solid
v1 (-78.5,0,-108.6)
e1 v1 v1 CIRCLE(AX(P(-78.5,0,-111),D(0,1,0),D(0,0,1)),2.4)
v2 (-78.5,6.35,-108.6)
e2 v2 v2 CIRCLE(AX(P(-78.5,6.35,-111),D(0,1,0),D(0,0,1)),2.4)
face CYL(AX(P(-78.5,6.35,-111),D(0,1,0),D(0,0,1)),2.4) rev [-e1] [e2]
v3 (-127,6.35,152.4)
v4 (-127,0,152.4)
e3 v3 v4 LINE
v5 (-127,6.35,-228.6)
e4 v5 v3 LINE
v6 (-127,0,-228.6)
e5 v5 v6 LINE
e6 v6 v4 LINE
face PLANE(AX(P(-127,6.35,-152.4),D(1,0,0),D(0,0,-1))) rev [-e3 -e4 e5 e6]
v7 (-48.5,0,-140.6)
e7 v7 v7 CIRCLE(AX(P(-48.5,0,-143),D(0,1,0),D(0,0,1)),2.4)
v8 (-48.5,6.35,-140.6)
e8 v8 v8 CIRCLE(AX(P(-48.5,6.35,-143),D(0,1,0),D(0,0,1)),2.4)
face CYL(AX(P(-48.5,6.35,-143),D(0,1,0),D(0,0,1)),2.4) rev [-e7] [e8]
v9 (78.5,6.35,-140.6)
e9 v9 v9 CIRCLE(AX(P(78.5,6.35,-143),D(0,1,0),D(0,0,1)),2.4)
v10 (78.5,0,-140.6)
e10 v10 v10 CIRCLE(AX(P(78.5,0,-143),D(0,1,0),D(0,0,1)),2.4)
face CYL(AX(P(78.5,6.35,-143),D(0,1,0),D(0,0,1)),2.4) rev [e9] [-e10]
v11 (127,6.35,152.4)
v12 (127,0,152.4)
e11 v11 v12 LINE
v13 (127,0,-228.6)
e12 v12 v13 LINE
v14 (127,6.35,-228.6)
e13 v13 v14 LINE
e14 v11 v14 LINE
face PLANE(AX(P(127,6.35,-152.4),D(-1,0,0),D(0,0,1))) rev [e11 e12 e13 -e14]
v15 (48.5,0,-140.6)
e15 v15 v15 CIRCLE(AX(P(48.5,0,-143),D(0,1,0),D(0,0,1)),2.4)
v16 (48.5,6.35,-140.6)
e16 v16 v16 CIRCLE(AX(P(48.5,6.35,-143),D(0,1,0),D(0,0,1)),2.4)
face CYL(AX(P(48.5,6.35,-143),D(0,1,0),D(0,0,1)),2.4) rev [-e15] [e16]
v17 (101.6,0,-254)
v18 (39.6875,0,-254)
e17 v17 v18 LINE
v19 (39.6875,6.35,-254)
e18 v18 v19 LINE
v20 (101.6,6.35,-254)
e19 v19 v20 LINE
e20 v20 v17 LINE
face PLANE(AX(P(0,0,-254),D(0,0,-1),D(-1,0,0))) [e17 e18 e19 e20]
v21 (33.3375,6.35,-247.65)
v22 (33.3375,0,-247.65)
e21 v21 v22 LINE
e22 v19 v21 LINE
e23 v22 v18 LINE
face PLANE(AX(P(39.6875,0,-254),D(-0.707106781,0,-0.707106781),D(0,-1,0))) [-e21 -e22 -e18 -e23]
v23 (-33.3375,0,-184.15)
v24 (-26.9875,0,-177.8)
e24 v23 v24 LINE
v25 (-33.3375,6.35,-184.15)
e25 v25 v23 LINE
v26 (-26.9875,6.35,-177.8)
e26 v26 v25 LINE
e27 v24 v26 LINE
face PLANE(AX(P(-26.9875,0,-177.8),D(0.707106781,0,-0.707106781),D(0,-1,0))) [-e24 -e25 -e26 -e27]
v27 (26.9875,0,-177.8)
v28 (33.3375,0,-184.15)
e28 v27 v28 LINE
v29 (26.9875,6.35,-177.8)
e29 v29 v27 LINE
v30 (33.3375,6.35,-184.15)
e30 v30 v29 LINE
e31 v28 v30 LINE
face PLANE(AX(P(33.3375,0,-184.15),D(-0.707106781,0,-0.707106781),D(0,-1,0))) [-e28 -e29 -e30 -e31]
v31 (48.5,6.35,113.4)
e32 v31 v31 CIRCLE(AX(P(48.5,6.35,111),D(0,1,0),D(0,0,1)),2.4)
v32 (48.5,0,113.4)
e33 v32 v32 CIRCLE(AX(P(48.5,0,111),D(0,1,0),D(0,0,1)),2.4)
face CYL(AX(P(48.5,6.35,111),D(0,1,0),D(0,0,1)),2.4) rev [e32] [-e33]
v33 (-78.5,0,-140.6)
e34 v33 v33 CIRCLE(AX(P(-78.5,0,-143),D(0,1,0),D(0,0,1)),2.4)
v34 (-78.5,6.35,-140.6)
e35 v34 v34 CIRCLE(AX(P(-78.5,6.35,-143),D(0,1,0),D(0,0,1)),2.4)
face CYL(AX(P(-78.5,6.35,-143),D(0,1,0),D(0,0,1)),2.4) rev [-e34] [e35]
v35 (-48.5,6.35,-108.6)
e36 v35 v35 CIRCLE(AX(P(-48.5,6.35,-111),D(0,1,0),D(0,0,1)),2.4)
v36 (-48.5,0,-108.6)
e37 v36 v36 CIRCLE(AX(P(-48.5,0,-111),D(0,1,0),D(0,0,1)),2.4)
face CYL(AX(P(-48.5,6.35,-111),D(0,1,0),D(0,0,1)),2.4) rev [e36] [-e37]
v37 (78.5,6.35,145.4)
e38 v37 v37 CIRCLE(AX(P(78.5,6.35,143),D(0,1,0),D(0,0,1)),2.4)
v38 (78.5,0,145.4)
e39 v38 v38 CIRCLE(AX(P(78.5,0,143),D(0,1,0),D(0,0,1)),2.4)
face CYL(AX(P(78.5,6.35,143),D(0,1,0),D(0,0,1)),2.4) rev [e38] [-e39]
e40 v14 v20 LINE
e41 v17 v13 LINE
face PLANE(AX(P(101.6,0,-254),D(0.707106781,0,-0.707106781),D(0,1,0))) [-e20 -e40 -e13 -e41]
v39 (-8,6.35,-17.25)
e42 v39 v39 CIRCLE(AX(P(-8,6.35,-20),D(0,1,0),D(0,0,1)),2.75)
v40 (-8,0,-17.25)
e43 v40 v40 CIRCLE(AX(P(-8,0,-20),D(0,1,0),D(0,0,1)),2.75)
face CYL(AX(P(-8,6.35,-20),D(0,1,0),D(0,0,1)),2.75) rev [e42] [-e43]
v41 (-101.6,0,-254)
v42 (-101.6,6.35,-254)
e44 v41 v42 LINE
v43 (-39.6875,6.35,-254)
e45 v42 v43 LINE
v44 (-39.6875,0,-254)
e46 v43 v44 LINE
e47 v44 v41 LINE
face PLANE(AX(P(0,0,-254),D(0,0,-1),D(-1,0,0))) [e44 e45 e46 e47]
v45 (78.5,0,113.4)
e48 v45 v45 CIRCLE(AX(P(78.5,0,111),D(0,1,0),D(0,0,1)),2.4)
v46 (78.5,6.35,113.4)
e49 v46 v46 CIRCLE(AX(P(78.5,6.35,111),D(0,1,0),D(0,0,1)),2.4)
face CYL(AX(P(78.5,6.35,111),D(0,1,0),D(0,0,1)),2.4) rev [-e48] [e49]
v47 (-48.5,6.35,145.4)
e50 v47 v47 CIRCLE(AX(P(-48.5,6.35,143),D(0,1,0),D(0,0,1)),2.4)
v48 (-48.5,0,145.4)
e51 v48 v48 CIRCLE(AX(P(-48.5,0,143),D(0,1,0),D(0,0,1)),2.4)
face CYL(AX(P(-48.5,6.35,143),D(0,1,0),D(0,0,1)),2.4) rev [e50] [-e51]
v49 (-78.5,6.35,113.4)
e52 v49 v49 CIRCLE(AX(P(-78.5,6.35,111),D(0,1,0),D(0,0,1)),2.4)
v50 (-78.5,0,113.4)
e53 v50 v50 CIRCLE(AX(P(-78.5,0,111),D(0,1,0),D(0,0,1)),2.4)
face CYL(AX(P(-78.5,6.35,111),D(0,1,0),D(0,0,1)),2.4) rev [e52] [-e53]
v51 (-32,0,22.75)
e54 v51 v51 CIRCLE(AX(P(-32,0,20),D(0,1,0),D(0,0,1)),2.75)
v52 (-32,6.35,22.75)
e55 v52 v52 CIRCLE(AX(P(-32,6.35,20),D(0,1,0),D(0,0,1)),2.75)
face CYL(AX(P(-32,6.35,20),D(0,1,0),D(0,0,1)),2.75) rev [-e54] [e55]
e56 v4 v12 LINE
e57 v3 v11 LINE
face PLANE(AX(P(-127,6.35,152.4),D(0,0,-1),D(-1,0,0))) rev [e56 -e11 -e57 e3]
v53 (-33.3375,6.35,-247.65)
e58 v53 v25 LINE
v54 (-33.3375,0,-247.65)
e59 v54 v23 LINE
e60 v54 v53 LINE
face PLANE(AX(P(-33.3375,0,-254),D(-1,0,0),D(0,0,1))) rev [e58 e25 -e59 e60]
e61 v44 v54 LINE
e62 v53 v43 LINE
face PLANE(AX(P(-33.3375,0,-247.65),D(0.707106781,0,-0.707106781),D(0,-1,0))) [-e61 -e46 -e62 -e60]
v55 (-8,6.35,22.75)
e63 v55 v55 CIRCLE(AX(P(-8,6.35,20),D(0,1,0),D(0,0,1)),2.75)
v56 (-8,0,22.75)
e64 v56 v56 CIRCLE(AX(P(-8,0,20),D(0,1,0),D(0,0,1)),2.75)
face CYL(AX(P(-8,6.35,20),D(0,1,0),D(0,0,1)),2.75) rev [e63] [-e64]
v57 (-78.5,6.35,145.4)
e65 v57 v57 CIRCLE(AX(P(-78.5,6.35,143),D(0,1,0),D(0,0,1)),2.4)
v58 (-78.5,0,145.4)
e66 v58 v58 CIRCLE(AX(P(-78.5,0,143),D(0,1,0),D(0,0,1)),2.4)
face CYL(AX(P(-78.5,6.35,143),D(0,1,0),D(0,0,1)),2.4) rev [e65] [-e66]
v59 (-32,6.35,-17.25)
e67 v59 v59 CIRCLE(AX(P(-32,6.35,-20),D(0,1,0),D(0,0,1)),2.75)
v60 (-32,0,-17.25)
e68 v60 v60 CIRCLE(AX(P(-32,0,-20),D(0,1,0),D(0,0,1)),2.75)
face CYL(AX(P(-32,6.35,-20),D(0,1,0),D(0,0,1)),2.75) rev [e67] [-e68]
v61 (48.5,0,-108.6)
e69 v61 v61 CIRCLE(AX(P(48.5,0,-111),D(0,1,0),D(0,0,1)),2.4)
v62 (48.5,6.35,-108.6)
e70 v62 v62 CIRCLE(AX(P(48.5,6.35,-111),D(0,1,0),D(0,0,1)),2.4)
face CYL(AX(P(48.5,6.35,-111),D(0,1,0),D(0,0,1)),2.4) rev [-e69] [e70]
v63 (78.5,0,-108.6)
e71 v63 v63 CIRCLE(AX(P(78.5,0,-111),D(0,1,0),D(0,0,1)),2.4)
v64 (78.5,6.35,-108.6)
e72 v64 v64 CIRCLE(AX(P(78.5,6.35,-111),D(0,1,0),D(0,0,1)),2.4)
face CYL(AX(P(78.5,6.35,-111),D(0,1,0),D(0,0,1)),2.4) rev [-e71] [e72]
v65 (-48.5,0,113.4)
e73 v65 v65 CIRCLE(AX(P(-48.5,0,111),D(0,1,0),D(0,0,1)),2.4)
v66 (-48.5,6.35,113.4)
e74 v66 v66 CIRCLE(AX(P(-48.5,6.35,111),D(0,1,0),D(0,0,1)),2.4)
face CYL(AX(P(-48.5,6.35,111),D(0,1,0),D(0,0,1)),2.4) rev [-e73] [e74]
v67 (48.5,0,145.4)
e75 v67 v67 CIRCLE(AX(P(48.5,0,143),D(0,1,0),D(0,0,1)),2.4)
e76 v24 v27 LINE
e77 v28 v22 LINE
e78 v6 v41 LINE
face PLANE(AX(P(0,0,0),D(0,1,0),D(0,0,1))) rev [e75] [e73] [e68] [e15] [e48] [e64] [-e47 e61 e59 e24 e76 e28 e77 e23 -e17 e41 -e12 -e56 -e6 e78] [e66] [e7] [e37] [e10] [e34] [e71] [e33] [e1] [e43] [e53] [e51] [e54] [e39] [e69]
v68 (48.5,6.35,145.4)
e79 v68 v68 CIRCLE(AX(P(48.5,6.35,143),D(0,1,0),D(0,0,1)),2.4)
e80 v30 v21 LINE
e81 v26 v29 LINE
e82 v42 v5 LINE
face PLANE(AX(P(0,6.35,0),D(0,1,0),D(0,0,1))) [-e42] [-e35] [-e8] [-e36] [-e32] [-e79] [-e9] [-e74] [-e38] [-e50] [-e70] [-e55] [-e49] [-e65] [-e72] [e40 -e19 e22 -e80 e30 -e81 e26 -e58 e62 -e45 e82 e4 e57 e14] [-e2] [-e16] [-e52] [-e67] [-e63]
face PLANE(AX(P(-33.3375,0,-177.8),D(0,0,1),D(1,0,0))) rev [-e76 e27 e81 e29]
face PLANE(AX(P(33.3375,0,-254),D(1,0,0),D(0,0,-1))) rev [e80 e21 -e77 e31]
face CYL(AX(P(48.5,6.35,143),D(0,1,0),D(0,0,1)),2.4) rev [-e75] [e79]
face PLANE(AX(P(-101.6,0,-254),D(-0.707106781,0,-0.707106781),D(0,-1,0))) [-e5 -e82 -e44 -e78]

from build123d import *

# Parameters (mm, degrees)
SKETCH2_W                = 254
SKETCH2_H                = 304.8
BOSS_EXTRUDE1_DEPTH      = 6.35
M4_CLEARANCE_HOLE1_D     = 4.8
M4_CLEARANCE_HOLE1_DEPTH = 6.35
SKETCH6_W                = 254
SKETCH6_H                = 6.35
BOSS_EXTRUDE2_DEPTH      = 101.6
CHAMFER1_SIZE            = 25.4
SKETCH7_W                = 66.675
SKETCH7_H                = 76.2
CUT_EXTRUDE1_DEPTH       = 7.35
CHAMFER2_SIZE            = 6.35
M5_CLEARANCE_HOLE1_D     = 5.5


with BuildPart() as part:
    # Sketch2 → Boss-Extrude1 (new body)
    with BuildSketch(Plane(origin=(0, 0, 0), x_dir=(1, 0, 0), z_dir=(0, 1, 0))):
        Rectangle(SKETCH2_W, SKETCH2_H)
    extrude(amount=BOSS_EXTRUDE1_DEPTH)

    # M4 Clearance Hole1
    with Locations(Plane(origin=(0, 6.35, 0), x_dir=(1, 0, 0), z_dir=(0, 1, 0))):
        with Locations((78.5, -111), (48.5, -111), (48.5, -143), (78.5, -143), (-48.5, -111), (-48.5, -143), (-78.5, -111), (-78.5, -143), (78.5, 143), (78.5, 111), (48.5, 143), (48.5, 111), (-48.5, 143), (-48.5, 111), (-78.5, 143), (-78.5, 111)):
            Hole(M4_CLEARANCE_HOLE1_D / 2, depth=M4_CLEARANCE_HOLE1_DEPTH)

    # Sketch6 → Boss-Extrude2 (add)
    with BuildSketch(Plane(origin=(0, 0, -152.4), x_dir=(-1, 0, 0), z_dir=(0, 0, -1))):
        with Locations((0, 3.175)):
            Rectangle(SKETCH6_W, SKETCH6_H)
    extrude(amount=BOSS_EXTRUDE2_DEPTH)

    # Chamfer1
    chamfer1_edges = [part.edges().sort_by_distance(p)[0] for p in [
        (127, 3.175, -254),
        (-127, 3.175, -254),
    ]]
    chamfer(chamfer1_edges, length=CHAMFER1_SIZE)

    # Sketch7 → Cut-Extrude1 (cut, through all)
    with BuildSketch(Plane(origin=(0, 6.35, 0), x_dir=(1, 0, 0), z_dir=(0, 1, 0))):
        with Locations((0, 215.9)):
            Rectangle(SKETCH7_W, SKETCH7_H)
    extrude(amount=-CUT_EXTRUDE1_DEPTH, mode=Mode.SUBTRACT)

    # Chamfer2
    chamfer2_edges = [part.edges().sort_by_distance(p)[0] for p in [
        (33.3375, 3.175, -254),
        (33.3375, 3.175, -177.8),
        (-33.3375, 3.175, -177.8),
        (-33.3375, 3.175, -254),
    ]]
    chamfer(chamfer2_edges, length=CHAMFER2_SIZE)

    # M5 Clearance Hole1 (through all)
    with Locations(Plane(origin=(0, 6.35, 0), x_dir=(1, 0, 0), z_dir=(0, 1, 0))):
        with Locations((-8, -20.000000026), (-8, 19.999999974), (-32, 19.999999974), (-32, -20.000000026)):
            Hole(M5_CLEARANCE_HOLE1_D / 2)


solid = part.part
